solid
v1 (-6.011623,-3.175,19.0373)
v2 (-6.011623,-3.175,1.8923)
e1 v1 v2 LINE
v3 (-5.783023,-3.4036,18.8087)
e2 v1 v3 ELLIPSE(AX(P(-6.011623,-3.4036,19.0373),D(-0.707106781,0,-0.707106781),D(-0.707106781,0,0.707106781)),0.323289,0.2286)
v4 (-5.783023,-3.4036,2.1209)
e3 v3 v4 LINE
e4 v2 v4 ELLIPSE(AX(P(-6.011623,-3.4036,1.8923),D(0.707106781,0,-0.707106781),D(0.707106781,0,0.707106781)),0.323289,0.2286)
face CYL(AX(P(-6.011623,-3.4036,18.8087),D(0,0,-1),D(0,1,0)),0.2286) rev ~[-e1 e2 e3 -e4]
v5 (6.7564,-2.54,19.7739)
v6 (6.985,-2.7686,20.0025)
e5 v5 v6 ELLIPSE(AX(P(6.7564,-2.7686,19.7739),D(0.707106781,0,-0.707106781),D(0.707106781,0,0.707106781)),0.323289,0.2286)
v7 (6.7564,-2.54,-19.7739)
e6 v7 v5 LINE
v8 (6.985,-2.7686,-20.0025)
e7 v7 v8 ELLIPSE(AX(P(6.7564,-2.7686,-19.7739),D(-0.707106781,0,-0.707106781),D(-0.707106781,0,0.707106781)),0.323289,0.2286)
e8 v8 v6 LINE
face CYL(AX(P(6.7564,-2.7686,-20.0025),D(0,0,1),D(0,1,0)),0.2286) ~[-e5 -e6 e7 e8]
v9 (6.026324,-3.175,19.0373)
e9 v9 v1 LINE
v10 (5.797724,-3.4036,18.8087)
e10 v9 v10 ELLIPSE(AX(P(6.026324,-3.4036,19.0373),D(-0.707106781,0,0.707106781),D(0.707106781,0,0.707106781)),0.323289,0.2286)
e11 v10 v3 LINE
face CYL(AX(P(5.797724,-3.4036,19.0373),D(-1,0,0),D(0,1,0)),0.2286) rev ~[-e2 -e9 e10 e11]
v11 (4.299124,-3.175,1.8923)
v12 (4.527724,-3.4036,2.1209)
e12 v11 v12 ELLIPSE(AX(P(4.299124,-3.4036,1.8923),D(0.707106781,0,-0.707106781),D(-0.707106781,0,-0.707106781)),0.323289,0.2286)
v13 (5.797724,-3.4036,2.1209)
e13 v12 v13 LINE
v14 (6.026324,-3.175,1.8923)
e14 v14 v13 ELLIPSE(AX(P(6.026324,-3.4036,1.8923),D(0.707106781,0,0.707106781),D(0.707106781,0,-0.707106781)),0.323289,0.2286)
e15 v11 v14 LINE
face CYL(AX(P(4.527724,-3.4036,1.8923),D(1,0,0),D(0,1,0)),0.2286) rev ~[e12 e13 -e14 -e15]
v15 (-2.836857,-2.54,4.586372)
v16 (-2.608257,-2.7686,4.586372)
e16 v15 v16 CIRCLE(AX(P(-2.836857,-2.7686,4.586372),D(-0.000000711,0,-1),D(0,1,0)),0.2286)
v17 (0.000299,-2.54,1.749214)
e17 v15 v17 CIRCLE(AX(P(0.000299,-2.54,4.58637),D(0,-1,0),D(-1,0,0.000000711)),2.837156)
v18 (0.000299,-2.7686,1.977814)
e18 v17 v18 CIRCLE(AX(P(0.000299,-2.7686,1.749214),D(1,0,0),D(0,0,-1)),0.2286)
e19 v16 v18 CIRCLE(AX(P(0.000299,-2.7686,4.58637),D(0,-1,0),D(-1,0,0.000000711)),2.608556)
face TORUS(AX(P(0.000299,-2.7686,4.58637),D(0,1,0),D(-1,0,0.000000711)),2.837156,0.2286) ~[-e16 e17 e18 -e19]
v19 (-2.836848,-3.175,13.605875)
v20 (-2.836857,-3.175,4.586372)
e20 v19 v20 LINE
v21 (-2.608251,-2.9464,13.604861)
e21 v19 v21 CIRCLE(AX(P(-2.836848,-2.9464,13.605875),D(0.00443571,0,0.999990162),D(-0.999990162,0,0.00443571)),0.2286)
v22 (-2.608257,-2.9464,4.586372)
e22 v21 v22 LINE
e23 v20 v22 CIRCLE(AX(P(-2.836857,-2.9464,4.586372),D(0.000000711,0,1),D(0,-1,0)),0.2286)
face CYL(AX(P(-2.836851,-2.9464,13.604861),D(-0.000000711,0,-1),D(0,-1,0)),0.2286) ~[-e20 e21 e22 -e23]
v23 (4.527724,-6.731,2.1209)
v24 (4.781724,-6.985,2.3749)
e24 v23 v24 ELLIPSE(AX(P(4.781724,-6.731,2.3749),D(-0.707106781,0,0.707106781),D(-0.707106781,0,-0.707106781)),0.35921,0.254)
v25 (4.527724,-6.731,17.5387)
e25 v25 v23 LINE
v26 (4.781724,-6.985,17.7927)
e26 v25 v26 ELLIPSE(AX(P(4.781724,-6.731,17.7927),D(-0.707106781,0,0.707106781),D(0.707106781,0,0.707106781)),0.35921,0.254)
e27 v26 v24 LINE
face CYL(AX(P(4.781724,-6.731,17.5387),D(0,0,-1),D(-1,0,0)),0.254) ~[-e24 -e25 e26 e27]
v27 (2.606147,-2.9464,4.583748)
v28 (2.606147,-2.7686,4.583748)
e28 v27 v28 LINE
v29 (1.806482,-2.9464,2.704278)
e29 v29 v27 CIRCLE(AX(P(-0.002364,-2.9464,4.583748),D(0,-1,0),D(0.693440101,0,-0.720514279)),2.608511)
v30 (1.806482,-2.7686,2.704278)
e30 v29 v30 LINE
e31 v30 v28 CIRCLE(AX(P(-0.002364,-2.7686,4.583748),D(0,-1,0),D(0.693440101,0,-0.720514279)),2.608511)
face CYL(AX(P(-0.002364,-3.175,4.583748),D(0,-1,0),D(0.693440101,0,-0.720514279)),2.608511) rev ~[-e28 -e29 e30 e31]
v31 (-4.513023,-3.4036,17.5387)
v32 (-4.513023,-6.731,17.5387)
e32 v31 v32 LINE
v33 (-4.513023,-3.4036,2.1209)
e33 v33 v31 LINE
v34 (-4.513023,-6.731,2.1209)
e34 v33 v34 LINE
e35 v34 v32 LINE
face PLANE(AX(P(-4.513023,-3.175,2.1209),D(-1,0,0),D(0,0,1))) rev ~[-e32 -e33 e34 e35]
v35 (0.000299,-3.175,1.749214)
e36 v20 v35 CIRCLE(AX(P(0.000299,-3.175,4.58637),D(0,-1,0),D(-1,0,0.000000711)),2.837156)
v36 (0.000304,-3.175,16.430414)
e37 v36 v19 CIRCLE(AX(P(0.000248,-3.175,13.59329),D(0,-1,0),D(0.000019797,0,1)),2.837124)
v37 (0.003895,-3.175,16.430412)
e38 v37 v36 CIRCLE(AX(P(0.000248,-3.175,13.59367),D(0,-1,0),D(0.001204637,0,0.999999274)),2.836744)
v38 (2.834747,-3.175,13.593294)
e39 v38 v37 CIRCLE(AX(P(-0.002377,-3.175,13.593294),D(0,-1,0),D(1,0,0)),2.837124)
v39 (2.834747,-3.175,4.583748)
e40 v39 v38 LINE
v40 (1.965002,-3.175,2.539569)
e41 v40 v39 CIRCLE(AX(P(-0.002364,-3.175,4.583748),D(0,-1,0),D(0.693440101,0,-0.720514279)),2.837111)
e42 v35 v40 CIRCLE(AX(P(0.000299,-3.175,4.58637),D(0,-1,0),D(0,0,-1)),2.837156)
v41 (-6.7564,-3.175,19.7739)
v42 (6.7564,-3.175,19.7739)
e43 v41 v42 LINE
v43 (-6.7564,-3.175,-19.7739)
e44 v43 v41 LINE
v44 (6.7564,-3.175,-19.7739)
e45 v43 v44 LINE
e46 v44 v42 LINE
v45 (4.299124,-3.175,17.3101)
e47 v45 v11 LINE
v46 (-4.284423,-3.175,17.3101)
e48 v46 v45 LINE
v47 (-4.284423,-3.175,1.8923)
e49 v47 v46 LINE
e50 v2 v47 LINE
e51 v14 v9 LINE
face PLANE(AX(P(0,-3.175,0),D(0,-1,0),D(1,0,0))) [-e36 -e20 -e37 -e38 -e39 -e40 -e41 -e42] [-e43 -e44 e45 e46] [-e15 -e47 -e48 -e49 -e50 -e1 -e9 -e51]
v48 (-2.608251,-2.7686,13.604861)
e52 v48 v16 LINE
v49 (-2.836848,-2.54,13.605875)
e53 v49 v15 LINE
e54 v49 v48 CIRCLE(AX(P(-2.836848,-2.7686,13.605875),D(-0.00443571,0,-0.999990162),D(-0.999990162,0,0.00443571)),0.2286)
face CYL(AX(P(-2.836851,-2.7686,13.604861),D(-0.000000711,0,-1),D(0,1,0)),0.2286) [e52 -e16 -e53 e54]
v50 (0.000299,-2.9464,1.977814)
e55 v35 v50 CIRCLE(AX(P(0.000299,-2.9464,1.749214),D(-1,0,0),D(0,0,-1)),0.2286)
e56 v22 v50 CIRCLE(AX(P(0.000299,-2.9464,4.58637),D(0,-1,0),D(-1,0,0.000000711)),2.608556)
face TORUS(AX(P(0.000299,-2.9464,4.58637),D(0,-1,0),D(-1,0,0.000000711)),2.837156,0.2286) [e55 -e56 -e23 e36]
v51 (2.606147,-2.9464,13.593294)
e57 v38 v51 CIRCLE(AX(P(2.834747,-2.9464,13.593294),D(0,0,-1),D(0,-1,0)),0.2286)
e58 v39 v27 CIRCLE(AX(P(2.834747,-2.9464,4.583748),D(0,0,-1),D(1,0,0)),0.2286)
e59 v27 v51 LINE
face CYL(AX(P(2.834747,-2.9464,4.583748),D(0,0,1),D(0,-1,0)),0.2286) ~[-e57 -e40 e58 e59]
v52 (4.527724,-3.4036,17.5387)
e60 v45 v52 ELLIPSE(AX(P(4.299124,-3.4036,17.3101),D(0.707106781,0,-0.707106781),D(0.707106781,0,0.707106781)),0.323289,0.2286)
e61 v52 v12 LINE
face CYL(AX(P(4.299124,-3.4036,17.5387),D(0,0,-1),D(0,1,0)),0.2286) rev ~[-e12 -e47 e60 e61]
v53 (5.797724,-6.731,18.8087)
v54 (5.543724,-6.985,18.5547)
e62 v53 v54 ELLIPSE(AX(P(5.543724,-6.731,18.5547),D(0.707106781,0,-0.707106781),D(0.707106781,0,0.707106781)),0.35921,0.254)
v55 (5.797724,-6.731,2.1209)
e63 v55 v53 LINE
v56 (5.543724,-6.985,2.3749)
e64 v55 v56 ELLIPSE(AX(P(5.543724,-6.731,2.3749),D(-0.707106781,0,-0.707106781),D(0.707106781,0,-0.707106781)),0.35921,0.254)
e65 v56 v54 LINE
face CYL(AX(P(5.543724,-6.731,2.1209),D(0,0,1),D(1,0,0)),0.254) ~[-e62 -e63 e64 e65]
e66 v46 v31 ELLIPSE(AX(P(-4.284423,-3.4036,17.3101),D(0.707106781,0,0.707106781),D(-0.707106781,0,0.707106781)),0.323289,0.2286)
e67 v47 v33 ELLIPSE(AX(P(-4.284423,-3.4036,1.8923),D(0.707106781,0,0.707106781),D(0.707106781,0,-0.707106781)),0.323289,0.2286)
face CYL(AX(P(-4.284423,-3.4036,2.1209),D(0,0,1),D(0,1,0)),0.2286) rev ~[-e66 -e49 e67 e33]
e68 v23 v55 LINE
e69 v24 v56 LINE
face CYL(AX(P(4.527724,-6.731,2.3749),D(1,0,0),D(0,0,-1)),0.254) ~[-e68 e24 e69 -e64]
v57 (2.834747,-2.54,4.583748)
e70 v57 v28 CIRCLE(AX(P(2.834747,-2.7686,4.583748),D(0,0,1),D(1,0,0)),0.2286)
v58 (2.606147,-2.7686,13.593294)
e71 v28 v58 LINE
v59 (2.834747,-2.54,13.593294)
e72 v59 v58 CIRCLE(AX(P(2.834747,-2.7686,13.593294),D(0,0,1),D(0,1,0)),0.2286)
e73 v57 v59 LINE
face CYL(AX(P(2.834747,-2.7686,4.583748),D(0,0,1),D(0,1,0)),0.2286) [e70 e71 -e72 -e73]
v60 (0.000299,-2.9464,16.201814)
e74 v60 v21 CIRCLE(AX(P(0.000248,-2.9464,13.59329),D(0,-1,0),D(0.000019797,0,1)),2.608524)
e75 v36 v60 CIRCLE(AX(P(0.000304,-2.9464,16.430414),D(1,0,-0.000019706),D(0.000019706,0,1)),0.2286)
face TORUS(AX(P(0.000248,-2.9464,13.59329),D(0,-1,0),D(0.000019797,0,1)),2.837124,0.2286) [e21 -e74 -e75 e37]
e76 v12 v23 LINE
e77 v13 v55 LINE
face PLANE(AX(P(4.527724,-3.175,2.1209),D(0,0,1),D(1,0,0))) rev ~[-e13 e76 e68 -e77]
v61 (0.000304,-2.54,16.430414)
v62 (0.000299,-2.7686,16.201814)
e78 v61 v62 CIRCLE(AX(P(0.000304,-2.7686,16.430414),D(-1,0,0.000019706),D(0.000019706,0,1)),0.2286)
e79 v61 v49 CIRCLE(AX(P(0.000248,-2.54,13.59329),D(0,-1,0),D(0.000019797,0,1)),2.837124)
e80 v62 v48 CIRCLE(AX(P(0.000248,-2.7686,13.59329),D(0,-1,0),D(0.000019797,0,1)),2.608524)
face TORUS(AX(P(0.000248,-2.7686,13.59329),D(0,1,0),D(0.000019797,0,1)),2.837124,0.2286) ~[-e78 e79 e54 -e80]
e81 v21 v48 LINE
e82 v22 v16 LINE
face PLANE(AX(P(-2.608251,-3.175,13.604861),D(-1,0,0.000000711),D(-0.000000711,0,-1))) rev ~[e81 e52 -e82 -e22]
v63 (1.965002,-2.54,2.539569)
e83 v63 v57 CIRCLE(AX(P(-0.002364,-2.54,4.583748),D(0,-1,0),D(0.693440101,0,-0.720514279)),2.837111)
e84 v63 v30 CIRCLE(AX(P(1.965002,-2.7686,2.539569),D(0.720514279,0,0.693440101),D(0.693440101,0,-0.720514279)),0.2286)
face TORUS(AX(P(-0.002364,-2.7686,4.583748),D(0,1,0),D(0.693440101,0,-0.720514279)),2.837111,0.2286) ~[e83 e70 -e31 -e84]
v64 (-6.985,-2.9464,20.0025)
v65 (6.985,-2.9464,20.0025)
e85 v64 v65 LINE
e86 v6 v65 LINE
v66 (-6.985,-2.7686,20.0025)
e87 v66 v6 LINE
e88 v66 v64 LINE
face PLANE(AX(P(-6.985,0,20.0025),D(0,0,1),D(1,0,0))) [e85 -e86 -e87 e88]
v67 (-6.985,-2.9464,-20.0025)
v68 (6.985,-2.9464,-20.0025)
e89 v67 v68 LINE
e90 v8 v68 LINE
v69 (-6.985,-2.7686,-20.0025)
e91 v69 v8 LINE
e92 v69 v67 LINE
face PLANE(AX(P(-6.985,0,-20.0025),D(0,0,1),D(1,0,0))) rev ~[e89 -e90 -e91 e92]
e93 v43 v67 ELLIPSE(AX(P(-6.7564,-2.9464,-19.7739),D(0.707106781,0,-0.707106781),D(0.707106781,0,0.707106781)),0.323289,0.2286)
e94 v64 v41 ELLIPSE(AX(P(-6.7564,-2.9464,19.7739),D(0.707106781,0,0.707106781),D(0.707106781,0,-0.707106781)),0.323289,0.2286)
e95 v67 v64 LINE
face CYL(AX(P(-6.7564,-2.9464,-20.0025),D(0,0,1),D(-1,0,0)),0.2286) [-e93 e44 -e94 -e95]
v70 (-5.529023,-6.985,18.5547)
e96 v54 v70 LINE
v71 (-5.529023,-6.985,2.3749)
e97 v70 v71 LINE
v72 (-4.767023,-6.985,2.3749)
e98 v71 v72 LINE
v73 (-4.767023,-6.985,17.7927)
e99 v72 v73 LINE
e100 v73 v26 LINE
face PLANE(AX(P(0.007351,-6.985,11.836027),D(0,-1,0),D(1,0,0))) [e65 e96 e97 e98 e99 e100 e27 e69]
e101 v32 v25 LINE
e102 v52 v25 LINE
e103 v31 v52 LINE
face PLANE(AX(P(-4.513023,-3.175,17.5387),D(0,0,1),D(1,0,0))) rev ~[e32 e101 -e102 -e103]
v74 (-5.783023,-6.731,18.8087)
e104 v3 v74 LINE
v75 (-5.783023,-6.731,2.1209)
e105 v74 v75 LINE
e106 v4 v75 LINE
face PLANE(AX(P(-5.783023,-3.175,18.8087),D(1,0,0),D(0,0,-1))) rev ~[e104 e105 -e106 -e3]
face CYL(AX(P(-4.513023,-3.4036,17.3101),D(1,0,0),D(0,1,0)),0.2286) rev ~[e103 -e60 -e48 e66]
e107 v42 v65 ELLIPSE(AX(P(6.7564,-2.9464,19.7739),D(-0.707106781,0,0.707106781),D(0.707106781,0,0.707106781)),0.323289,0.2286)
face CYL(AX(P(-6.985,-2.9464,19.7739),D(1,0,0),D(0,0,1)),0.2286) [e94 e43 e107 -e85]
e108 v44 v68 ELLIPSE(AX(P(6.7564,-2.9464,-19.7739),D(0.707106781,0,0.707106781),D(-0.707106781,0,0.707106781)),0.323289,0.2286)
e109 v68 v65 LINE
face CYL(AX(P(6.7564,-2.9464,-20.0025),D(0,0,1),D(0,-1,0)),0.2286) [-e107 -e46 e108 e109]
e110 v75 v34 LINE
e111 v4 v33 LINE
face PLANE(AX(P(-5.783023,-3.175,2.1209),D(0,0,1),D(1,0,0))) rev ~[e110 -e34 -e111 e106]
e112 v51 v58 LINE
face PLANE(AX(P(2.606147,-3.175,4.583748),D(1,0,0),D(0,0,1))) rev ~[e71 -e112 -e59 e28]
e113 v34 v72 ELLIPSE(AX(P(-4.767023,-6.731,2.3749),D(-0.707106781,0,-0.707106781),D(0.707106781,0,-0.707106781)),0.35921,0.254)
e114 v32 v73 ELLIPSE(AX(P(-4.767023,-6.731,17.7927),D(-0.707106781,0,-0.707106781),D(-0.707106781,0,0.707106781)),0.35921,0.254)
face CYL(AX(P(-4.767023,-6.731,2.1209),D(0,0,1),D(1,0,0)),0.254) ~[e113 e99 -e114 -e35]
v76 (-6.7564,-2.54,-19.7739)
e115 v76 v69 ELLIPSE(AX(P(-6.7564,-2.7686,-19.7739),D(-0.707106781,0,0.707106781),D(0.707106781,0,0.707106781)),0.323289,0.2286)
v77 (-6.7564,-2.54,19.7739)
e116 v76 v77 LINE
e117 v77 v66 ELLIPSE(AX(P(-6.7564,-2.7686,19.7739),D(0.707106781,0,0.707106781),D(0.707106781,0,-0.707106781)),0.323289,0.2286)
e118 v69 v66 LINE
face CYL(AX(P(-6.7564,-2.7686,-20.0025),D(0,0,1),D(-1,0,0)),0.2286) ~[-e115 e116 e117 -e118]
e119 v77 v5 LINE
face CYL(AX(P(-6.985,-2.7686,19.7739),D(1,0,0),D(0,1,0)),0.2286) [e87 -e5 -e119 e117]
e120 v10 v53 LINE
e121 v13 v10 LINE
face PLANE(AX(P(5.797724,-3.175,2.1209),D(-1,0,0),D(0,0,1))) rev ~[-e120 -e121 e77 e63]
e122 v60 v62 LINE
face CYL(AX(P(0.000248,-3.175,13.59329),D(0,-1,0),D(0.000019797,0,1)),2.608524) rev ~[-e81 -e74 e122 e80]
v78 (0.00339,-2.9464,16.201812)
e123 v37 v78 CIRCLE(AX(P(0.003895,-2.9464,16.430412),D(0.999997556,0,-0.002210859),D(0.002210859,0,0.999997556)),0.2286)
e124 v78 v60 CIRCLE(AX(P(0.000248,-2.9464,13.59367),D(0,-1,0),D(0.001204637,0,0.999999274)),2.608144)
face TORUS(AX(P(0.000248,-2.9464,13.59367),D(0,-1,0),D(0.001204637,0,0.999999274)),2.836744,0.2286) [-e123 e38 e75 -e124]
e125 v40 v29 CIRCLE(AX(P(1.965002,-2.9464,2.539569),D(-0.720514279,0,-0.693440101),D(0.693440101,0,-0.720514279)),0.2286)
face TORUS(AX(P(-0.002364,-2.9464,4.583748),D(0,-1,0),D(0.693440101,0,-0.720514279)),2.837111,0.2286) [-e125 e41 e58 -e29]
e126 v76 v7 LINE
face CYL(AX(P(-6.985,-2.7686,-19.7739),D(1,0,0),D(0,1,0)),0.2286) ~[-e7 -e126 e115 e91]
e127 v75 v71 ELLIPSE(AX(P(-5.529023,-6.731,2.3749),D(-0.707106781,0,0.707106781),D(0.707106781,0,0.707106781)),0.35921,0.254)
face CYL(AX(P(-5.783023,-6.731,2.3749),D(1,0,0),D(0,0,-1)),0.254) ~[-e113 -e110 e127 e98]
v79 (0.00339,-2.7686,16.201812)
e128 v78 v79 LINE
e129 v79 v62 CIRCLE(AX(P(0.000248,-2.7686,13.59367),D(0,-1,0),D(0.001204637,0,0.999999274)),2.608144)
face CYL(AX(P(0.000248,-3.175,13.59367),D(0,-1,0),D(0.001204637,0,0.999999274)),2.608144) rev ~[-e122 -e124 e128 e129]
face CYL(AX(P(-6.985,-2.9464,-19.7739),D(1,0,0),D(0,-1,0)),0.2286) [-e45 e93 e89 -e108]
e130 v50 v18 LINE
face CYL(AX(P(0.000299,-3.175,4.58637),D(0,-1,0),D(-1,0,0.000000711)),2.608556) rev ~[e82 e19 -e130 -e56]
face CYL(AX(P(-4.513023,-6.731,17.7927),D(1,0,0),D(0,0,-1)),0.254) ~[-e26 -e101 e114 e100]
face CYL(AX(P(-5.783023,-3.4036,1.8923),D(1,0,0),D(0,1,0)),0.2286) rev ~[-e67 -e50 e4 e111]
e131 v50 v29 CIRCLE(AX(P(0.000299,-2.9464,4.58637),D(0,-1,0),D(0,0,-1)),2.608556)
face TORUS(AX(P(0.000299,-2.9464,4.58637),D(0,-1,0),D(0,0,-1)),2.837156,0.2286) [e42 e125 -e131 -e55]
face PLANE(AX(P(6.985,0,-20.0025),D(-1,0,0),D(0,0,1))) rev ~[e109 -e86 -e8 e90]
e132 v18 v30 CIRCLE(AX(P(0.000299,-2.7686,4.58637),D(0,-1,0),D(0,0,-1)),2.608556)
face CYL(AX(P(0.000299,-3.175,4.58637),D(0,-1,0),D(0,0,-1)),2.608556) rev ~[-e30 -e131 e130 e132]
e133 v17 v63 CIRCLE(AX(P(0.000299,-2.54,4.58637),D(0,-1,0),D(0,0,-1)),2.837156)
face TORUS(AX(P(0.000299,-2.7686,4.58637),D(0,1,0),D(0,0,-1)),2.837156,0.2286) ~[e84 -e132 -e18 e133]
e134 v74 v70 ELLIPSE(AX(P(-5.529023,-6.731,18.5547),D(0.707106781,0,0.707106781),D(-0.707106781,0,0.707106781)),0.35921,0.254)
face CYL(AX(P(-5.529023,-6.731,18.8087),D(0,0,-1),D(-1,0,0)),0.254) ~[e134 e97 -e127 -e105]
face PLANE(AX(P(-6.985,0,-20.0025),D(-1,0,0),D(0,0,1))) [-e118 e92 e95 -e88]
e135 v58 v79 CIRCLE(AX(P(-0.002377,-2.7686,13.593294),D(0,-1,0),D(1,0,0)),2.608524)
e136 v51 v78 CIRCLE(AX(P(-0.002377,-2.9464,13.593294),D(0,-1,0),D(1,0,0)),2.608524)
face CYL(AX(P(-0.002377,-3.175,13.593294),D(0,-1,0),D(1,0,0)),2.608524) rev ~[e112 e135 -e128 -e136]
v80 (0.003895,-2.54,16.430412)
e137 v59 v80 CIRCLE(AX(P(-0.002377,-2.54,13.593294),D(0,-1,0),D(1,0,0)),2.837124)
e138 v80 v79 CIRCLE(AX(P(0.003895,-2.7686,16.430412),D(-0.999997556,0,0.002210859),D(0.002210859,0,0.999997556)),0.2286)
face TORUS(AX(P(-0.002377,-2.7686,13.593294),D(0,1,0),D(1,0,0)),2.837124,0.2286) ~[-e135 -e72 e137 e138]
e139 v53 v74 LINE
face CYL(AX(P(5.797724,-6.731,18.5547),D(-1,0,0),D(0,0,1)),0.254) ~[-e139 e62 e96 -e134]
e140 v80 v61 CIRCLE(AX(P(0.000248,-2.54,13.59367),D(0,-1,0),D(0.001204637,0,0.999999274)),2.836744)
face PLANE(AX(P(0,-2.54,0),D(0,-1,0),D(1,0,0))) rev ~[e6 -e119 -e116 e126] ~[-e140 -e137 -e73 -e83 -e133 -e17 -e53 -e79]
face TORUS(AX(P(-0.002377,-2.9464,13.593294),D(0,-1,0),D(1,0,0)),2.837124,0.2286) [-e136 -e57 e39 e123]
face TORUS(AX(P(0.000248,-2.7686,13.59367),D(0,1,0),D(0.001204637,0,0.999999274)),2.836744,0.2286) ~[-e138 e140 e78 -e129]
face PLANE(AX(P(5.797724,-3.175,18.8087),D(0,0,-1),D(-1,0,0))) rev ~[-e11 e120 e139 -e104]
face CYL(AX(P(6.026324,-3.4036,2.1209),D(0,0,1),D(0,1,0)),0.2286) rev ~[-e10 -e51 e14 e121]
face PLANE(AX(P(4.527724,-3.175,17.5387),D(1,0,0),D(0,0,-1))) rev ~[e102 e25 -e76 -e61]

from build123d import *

# Parameters (mm, degrees)
F0_W     = 13.97
F0_H     = 40.005
F1_DEPTH = 3.175
F2_DEPTH = 2.54
F5_DEPTH = 25.4
F6_DEPTH = 3.81
F7_R     = 0.2286
F8_R     = 0.2286
F9_R     = 0.254


with BuildPart() as f1:
    # F0 (on Front) → F1 (new body)
    with BuildSketch(Plane.XZ):
        Rectangle(F0_W, F0_H)
    extrude(amount=F1_DEPTH)

    # F2 (cut): a face of the model
    f2_faces = [f1.faces().sort_by_distance(p)[0] for p in [
        (0, 0, 0),
    ]]
    extrude(f2_faces, amount=-F2_DEPTH, mode=Mode.SUBTRACT)

    # F3 (on face) → F5 (cut)
    with BuildSketch(Plane.XZ.offset(3.175)):
        with BuildLine():
            Line((2.6061468011, 4.583747707), (2.6061468011, 13.593294405))
            ThreePointArc((2.6061468011, 13.593294405), (1.8441656406, 15.4357593505), (0.003389831, 16.201812079))
            ThreePointArc((0.003389831, 16.201812079), (0.001844595, 16.2018134827), (0.0002993585, 16.2018139709))
            Line((0.0002993585, 16.2018139709), (0.0002993585, 1.9778139709))
            ThreePointArc((0.0002993585, 1.9778139709), (0.9737013076, 2.1662350173), (1.8064818654, 2.704278127))
            ThreePointArc((1.8064818654, 2.704278127), (2.3979195865, 3.5624899149), (2.6061468011, 4.583747707))
        make_face()
        with BuildLine():
            Line((0.0002993585, 1.9778139709), (0.0002993585, 16.2018139709))
            ThreePointArc((0.0002993585, 16.2018139709), (-1.8401435929, 15.4418995197), (-2.6082506073, 13.6048606402))
            Line((-2.6082506073, 13.6048606402), (-2.6082570215, 4.5863722062))
            ThreePointArc((-2.6082570215, 4.5863722062), (-1.8442292029, 2.7418431015), (0.0002993585, 1.9778139709))
        make_face()
    extrude(amount=-F5_DEPTH, mode=Mode.SUBTRACT)

    # F4 (on face) → F6 (join)
    with BuildSketch(Plane.XZ.offset(3.175)):
        Polygon((-5.783022847, 2.1209), (-4.513022847, 2.1209), (-4.513022847, 17.5387), (4.5277241152, 17.5387), (4.5277241152, 2.1209), (5.7977241152, 2.1209), (5.7977241152, 18.8087), (-5.783022847, 18.8087), align=None)
    extrude(amount=F6_DEPTH)

    # F7
    f7_edges = [f1.edges().sort_by_distance(p)[0] for p in [
        (6.985, -2.54, 0),
        (0, -2.54, -20.0025),
        (0, -2.54, 20.0025),
        (-6.985, -2.54, 0),
        (2.39792, -2.54, 3.56249),
        (2.606147, -2.54, 9.088521),
        (1.844166, -2.54, 15.435759),
        (0.001845, -2.54, 16.201813),
        (-1.840144, -2.54, 15.4419),
        (-2.608254, -2.54, 9.095616),
        (-1.022696, -2.54, 2.186777),
    ]]
    fillet(f7_edges, radius=F7_R)

    # F8
    f8_edges = [f1.edges().sort_by_distance(p)[0] for p in [
        (6.985, -3.175, 0),
        (0, -3.175, -20.0025),
        (0, -3.175, 20.0025),
        (-6.985, -3.175, 0),
        (2.39792, -3.175, 3.56249),
        (-1.022696, -3.175, 2.186777),
        (2.606147, -3.175, 9.088521),
        (-2.608254, -3.175, 9.095616),
        (1.844166, -3.175, 15.435759),
        (-1.840144, -3.175, 15.4419),
        (0.001845, -3.175, 16.201813),
        (-5.148023, -3.175, 2.1209),
        (-4.513023, -3.175, 9.8298),
        (0.007351, -3.175, 17.5387),
        (4.527724, -3.175, 9.8298),
        (5.162724, -3.175, 2.1209),
        (5.797724, -3.175, 10.4648),
        (0.007351, -3.175, 18.8087),
        (-5.783023, -3.175, 10.4648),
    ]]
    fillet(f8_edges, radius=F8_R)

    # F9
    f9_edges = [f1.edges().sort_by_distance(p)[0] for p in [
        (-5.148023, -6.985, 2.1209),
        (-4.513023, -6.985, 9.8298),
        (0.007351, -6.985, 17.5387),
        (4.527724, -6.985, 9.8298),
        (5.162724, -6.985, 2.1209),
        (5.797724, -6.985, 10.4648),
        (0.007351, -6.985, 18.8087),
        (-5.783023, -6.985, 10.4648),
    ]]
    fillet(f9_edges, radius=F9_R)


solid = f1.part
